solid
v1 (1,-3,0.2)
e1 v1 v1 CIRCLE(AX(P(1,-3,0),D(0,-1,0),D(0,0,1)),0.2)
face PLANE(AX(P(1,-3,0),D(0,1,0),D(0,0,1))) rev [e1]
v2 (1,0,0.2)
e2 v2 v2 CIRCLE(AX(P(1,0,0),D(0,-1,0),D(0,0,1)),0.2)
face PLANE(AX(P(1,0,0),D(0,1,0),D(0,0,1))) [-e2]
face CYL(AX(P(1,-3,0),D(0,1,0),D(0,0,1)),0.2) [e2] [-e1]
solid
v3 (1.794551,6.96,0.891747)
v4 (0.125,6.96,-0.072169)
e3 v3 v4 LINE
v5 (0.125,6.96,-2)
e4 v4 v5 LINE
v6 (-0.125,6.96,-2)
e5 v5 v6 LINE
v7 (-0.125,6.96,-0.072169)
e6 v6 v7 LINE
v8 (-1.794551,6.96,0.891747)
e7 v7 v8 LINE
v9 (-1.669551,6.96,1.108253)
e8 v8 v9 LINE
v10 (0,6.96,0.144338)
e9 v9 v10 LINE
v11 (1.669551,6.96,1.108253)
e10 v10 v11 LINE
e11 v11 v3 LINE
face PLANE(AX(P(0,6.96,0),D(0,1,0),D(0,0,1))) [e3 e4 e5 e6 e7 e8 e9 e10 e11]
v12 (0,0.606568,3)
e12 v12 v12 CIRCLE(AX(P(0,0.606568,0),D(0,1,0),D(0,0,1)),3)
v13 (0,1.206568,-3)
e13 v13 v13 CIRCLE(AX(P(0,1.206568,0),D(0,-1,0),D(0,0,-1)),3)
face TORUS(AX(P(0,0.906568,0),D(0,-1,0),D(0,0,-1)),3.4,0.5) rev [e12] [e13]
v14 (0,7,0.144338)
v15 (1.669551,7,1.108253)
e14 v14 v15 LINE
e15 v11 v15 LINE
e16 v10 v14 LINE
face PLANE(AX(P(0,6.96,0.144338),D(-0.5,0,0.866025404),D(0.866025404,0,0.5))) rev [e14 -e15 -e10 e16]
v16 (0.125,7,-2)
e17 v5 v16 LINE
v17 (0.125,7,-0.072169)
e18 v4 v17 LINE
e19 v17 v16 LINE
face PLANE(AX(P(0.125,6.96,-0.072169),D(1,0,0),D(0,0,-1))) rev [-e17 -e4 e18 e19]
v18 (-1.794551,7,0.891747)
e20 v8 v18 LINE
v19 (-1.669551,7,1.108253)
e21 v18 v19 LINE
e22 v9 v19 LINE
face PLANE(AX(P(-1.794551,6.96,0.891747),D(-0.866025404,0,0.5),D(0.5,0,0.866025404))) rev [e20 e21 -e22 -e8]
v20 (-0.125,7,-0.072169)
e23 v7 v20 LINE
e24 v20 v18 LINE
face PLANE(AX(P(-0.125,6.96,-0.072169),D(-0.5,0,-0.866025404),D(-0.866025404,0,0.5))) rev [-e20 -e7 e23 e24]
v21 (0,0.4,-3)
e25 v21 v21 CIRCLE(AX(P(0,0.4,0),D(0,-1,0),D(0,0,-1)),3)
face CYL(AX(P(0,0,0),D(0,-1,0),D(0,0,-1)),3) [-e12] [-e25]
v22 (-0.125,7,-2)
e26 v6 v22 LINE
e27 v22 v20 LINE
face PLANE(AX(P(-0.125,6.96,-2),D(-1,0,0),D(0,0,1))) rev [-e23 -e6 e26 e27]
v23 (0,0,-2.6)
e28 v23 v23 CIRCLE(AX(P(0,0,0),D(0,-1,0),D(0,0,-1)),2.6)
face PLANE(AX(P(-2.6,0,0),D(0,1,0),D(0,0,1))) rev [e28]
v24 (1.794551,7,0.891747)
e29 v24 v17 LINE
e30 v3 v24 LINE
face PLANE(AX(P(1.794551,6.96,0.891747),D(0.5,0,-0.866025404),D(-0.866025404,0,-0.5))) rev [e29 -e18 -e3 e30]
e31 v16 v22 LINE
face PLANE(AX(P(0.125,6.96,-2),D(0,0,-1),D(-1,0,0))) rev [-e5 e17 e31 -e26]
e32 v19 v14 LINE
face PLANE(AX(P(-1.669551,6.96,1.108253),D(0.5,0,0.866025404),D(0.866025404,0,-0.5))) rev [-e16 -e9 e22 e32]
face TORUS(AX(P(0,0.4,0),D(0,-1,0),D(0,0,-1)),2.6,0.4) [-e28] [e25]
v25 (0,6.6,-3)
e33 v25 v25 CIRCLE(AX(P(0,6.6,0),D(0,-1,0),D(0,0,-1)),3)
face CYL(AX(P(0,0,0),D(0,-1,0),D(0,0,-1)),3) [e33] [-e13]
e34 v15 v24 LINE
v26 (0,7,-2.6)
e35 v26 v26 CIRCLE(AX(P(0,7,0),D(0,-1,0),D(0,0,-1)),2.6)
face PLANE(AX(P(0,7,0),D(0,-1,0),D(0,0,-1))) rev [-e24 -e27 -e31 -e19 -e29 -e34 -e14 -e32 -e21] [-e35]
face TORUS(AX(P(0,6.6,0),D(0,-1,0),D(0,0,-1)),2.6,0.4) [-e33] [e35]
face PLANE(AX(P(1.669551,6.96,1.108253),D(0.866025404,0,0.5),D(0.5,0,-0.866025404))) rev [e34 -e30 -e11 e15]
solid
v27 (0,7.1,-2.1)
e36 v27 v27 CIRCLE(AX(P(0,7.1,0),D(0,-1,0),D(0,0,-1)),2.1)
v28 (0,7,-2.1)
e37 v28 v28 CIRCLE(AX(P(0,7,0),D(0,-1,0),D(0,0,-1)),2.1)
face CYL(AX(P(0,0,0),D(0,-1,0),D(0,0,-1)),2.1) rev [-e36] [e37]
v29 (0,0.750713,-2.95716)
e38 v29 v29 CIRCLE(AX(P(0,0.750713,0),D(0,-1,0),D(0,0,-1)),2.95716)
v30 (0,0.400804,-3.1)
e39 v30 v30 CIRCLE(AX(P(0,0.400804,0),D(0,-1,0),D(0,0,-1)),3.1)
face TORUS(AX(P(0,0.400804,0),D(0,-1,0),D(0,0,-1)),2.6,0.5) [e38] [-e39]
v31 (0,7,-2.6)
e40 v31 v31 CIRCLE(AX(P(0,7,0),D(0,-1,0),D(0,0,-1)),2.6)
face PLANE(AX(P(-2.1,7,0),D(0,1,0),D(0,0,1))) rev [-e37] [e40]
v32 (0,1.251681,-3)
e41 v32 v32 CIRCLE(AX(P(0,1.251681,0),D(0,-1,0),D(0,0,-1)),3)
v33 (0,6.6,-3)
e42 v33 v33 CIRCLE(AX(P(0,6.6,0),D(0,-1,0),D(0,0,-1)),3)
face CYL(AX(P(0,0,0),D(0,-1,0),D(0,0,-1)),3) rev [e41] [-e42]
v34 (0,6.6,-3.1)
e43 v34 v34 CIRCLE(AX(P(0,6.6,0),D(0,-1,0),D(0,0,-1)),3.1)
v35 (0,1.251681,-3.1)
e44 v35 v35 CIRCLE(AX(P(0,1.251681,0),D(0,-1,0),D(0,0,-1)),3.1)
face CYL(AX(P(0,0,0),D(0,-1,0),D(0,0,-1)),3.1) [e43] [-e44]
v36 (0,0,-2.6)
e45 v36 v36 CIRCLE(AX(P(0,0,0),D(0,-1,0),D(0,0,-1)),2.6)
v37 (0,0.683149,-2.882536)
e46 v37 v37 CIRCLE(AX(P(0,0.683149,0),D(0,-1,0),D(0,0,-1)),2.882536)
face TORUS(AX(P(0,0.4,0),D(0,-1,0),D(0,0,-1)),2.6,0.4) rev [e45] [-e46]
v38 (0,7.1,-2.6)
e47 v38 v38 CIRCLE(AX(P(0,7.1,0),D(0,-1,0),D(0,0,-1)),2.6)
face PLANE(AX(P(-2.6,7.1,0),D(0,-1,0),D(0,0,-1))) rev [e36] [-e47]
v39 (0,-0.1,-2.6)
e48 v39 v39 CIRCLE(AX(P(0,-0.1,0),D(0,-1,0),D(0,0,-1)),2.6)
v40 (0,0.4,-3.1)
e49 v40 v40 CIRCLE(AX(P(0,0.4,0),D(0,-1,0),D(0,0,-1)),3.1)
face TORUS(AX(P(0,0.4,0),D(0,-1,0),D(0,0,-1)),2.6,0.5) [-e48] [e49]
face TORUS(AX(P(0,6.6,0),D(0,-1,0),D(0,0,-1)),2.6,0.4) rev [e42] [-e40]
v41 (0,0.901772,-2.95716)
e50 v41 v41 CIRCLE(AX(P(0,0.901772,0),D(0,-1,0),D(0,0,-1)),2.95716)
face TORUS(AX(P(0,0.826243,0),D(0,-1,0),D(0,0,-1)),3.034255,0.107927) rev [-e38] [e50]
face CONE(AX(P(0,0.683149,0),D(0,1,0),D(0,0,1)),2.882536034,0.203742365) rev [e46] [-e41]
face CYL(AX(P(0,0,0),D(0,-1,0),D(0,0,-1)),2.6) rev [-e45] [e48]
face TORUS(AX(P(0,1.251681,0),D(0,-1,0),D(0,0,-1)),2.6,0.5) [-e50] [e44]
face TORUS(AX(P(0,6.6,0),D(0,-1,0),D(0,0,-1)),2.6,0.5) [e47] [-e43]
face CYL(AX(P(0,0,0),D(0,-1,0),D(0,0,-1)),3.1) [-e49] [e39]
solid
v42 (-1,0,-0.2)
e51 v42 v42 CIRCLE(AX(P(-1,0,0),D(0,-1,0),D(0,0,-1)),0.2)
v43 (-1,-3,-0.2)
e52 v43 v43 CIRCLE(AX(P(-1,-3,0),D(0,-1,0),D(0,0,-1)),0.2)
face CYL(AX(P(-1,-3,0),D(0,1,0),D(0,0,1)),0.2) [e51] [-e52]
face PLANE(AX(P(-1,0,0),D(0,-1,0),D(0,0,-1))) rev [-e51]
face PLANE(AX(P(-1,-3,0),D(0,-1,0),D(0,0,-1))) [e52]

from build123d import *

# Parameters (mm, degrees)
SKETCH4_R             = 0.5
SKETCH3_R             = 0.2
BOSS_EXTRUDE1_DEPTH   = 3
BOSS_EXTRUDE1_2_DEPTH = 3
CUT_EXTRUDE2_DEPTH    = 0.04


with BuildPart() as part:
    # Sketch1 → Revolve1 (revolve)
    with BuildSketch(Plane.XY, mode=Mode.PRIVATE) as revolve1_sk:
        with BuildLine():
            Line((-3, 0.4), (-3, 6.6))
            ThreePointArc((-3, 6.6), (-2.882842712, 6.882842712), (-2.6, 7))
            Line((-2.6, 7), (0, 7))
            Line((0, 7), (0, 0))
            Line((0, 0), (-2.6, 0))
            ThreePointArc((-2.6, 0), (-2.882842712, 0.117157288), (-3, 0.4))
        make_face()
    revolve(revolve1_sk.sketch.rotate(Axis((0, 0, 0), (0, 1, 0)), 270), axis=Axis((0, 0, 0), (0, 1, 0)))

    # Sketch4 → Cut-Revolve1 (revolve, cut)
    with BuildSketch(Plane.XY, mode=Mode.PRIVATE) as cut_revolve1_sk:
        with Locations((-3.4, 0.906567663)):
            Circle(SKETCH4_R)
    revolve(cut_revolve1_sk.sketch.rotate(Axis((0, 0, 0), (0, 1, 0)), 270), axis=Axis((0, 0, 0), (0, 1, 0)), mode=Mode.SUBTRACT)

    # Sketch5 → Cut-Extrude2 (cut)
    with BuildSketch(Plane(origin=(0, 7, 0), x_dir=(1, 0, 0), z_dir=(0, 1, 0))):
        Polygon((-1.794550808, -0.891746825), (-1.669550808, -1.108253175), (0, -0.144337567), (1.669550808, -1.108253175), (1.794550808, -0.891746825), (0.125, 0.072168784), (0.125, 2), (-0.125, 2), (-0.125, 0.072168784), align=None)
    extrude(amount=-CUT_EXTRUDE2_DEPTH, mode=Mode.SUBTRACT)


with BuildPart() as body_2:
    # Sketch2 → Revolve3 (revolve)
    with BuildSketch(Plane.XY, mode=Mode.PRIVATE) as revolve3_sk:
        with BuildLine():
            Line((-2.882536034, 0.683149059), (-3, 1.251681298))
            Line((-3, 1.251681298), (-3, 6.6))
            ThreePointArc((-3, 6.6), (-2.882842712, 6.882842712), (-2.6, 7))
            Line((-2.6, 7), (-2.1, 7))
            Line((-2.1, 7), (-2.1, 7.1))
            Line((-2.1, 7.1), (-2.6, 7.1))
            ThreePointArc((-2.6, 7.1), (-2.953553391, 6.953553391), (-3.1, 6.6))
            Line((-3.1, 6.6), (-3.1, 1.251681298))
            ThreePointArc((-3.1, 1.251681298), (-3.062914799, 1.062710696), (-2.957160446, 0.901772144))
            ThreePointArc((-2.957160446, 0.901772144), (-2.926327941, 0.826242817), (-2.957160446, 0.750713489))
            ThreePointArc((-2.957160446, 0.750713489), (-3.062914799, 0.589774938), (-3.1, 0.4))
            ThreePointArc((-3.1, 0.4), (-2.953553391, 0.046446609), (-2.6, -0.1))
            Line((-2.6, -0.1), (-2.6, 0))
            ThreePointArc((-2.6, 0), (-2.9696347, 0.247126889), (-2.882536034, 0.683149059))
        make_face()
    revolve(revolve3_sk.sketch.rotate(Axis((0, 0, 0), (0, 1, 0)), 270), axis=Axis((0, 0, 0), (0, 1, 0)))


with BuildPart() as body_3:
    # Sketch3 → Boss-Extrude1 (new body)
    with BuildSketch(Plane.XZ):
        with Locations(Location((-1, 0, 0), (0, 0, 270))):
            Circle(SKETCH3_R)
    extrude(amount=BOSS_EXTRUDE1_DEPTH)


with BuildPart() as body_4:
    # Sketch3 → Boss-Extrude1 2 (new body)
    with BuildSketch(Plane.XZ):
        with Locations(Location((1, 0, 0), (0, 0, 90))):
            Circle(SKETCH3_R)
    extrude(amount=BOSS_EXTRUDE1_2_DEPTH)


solid = Compound([part.part, body_2.part, body_3.part, body_4.part])
